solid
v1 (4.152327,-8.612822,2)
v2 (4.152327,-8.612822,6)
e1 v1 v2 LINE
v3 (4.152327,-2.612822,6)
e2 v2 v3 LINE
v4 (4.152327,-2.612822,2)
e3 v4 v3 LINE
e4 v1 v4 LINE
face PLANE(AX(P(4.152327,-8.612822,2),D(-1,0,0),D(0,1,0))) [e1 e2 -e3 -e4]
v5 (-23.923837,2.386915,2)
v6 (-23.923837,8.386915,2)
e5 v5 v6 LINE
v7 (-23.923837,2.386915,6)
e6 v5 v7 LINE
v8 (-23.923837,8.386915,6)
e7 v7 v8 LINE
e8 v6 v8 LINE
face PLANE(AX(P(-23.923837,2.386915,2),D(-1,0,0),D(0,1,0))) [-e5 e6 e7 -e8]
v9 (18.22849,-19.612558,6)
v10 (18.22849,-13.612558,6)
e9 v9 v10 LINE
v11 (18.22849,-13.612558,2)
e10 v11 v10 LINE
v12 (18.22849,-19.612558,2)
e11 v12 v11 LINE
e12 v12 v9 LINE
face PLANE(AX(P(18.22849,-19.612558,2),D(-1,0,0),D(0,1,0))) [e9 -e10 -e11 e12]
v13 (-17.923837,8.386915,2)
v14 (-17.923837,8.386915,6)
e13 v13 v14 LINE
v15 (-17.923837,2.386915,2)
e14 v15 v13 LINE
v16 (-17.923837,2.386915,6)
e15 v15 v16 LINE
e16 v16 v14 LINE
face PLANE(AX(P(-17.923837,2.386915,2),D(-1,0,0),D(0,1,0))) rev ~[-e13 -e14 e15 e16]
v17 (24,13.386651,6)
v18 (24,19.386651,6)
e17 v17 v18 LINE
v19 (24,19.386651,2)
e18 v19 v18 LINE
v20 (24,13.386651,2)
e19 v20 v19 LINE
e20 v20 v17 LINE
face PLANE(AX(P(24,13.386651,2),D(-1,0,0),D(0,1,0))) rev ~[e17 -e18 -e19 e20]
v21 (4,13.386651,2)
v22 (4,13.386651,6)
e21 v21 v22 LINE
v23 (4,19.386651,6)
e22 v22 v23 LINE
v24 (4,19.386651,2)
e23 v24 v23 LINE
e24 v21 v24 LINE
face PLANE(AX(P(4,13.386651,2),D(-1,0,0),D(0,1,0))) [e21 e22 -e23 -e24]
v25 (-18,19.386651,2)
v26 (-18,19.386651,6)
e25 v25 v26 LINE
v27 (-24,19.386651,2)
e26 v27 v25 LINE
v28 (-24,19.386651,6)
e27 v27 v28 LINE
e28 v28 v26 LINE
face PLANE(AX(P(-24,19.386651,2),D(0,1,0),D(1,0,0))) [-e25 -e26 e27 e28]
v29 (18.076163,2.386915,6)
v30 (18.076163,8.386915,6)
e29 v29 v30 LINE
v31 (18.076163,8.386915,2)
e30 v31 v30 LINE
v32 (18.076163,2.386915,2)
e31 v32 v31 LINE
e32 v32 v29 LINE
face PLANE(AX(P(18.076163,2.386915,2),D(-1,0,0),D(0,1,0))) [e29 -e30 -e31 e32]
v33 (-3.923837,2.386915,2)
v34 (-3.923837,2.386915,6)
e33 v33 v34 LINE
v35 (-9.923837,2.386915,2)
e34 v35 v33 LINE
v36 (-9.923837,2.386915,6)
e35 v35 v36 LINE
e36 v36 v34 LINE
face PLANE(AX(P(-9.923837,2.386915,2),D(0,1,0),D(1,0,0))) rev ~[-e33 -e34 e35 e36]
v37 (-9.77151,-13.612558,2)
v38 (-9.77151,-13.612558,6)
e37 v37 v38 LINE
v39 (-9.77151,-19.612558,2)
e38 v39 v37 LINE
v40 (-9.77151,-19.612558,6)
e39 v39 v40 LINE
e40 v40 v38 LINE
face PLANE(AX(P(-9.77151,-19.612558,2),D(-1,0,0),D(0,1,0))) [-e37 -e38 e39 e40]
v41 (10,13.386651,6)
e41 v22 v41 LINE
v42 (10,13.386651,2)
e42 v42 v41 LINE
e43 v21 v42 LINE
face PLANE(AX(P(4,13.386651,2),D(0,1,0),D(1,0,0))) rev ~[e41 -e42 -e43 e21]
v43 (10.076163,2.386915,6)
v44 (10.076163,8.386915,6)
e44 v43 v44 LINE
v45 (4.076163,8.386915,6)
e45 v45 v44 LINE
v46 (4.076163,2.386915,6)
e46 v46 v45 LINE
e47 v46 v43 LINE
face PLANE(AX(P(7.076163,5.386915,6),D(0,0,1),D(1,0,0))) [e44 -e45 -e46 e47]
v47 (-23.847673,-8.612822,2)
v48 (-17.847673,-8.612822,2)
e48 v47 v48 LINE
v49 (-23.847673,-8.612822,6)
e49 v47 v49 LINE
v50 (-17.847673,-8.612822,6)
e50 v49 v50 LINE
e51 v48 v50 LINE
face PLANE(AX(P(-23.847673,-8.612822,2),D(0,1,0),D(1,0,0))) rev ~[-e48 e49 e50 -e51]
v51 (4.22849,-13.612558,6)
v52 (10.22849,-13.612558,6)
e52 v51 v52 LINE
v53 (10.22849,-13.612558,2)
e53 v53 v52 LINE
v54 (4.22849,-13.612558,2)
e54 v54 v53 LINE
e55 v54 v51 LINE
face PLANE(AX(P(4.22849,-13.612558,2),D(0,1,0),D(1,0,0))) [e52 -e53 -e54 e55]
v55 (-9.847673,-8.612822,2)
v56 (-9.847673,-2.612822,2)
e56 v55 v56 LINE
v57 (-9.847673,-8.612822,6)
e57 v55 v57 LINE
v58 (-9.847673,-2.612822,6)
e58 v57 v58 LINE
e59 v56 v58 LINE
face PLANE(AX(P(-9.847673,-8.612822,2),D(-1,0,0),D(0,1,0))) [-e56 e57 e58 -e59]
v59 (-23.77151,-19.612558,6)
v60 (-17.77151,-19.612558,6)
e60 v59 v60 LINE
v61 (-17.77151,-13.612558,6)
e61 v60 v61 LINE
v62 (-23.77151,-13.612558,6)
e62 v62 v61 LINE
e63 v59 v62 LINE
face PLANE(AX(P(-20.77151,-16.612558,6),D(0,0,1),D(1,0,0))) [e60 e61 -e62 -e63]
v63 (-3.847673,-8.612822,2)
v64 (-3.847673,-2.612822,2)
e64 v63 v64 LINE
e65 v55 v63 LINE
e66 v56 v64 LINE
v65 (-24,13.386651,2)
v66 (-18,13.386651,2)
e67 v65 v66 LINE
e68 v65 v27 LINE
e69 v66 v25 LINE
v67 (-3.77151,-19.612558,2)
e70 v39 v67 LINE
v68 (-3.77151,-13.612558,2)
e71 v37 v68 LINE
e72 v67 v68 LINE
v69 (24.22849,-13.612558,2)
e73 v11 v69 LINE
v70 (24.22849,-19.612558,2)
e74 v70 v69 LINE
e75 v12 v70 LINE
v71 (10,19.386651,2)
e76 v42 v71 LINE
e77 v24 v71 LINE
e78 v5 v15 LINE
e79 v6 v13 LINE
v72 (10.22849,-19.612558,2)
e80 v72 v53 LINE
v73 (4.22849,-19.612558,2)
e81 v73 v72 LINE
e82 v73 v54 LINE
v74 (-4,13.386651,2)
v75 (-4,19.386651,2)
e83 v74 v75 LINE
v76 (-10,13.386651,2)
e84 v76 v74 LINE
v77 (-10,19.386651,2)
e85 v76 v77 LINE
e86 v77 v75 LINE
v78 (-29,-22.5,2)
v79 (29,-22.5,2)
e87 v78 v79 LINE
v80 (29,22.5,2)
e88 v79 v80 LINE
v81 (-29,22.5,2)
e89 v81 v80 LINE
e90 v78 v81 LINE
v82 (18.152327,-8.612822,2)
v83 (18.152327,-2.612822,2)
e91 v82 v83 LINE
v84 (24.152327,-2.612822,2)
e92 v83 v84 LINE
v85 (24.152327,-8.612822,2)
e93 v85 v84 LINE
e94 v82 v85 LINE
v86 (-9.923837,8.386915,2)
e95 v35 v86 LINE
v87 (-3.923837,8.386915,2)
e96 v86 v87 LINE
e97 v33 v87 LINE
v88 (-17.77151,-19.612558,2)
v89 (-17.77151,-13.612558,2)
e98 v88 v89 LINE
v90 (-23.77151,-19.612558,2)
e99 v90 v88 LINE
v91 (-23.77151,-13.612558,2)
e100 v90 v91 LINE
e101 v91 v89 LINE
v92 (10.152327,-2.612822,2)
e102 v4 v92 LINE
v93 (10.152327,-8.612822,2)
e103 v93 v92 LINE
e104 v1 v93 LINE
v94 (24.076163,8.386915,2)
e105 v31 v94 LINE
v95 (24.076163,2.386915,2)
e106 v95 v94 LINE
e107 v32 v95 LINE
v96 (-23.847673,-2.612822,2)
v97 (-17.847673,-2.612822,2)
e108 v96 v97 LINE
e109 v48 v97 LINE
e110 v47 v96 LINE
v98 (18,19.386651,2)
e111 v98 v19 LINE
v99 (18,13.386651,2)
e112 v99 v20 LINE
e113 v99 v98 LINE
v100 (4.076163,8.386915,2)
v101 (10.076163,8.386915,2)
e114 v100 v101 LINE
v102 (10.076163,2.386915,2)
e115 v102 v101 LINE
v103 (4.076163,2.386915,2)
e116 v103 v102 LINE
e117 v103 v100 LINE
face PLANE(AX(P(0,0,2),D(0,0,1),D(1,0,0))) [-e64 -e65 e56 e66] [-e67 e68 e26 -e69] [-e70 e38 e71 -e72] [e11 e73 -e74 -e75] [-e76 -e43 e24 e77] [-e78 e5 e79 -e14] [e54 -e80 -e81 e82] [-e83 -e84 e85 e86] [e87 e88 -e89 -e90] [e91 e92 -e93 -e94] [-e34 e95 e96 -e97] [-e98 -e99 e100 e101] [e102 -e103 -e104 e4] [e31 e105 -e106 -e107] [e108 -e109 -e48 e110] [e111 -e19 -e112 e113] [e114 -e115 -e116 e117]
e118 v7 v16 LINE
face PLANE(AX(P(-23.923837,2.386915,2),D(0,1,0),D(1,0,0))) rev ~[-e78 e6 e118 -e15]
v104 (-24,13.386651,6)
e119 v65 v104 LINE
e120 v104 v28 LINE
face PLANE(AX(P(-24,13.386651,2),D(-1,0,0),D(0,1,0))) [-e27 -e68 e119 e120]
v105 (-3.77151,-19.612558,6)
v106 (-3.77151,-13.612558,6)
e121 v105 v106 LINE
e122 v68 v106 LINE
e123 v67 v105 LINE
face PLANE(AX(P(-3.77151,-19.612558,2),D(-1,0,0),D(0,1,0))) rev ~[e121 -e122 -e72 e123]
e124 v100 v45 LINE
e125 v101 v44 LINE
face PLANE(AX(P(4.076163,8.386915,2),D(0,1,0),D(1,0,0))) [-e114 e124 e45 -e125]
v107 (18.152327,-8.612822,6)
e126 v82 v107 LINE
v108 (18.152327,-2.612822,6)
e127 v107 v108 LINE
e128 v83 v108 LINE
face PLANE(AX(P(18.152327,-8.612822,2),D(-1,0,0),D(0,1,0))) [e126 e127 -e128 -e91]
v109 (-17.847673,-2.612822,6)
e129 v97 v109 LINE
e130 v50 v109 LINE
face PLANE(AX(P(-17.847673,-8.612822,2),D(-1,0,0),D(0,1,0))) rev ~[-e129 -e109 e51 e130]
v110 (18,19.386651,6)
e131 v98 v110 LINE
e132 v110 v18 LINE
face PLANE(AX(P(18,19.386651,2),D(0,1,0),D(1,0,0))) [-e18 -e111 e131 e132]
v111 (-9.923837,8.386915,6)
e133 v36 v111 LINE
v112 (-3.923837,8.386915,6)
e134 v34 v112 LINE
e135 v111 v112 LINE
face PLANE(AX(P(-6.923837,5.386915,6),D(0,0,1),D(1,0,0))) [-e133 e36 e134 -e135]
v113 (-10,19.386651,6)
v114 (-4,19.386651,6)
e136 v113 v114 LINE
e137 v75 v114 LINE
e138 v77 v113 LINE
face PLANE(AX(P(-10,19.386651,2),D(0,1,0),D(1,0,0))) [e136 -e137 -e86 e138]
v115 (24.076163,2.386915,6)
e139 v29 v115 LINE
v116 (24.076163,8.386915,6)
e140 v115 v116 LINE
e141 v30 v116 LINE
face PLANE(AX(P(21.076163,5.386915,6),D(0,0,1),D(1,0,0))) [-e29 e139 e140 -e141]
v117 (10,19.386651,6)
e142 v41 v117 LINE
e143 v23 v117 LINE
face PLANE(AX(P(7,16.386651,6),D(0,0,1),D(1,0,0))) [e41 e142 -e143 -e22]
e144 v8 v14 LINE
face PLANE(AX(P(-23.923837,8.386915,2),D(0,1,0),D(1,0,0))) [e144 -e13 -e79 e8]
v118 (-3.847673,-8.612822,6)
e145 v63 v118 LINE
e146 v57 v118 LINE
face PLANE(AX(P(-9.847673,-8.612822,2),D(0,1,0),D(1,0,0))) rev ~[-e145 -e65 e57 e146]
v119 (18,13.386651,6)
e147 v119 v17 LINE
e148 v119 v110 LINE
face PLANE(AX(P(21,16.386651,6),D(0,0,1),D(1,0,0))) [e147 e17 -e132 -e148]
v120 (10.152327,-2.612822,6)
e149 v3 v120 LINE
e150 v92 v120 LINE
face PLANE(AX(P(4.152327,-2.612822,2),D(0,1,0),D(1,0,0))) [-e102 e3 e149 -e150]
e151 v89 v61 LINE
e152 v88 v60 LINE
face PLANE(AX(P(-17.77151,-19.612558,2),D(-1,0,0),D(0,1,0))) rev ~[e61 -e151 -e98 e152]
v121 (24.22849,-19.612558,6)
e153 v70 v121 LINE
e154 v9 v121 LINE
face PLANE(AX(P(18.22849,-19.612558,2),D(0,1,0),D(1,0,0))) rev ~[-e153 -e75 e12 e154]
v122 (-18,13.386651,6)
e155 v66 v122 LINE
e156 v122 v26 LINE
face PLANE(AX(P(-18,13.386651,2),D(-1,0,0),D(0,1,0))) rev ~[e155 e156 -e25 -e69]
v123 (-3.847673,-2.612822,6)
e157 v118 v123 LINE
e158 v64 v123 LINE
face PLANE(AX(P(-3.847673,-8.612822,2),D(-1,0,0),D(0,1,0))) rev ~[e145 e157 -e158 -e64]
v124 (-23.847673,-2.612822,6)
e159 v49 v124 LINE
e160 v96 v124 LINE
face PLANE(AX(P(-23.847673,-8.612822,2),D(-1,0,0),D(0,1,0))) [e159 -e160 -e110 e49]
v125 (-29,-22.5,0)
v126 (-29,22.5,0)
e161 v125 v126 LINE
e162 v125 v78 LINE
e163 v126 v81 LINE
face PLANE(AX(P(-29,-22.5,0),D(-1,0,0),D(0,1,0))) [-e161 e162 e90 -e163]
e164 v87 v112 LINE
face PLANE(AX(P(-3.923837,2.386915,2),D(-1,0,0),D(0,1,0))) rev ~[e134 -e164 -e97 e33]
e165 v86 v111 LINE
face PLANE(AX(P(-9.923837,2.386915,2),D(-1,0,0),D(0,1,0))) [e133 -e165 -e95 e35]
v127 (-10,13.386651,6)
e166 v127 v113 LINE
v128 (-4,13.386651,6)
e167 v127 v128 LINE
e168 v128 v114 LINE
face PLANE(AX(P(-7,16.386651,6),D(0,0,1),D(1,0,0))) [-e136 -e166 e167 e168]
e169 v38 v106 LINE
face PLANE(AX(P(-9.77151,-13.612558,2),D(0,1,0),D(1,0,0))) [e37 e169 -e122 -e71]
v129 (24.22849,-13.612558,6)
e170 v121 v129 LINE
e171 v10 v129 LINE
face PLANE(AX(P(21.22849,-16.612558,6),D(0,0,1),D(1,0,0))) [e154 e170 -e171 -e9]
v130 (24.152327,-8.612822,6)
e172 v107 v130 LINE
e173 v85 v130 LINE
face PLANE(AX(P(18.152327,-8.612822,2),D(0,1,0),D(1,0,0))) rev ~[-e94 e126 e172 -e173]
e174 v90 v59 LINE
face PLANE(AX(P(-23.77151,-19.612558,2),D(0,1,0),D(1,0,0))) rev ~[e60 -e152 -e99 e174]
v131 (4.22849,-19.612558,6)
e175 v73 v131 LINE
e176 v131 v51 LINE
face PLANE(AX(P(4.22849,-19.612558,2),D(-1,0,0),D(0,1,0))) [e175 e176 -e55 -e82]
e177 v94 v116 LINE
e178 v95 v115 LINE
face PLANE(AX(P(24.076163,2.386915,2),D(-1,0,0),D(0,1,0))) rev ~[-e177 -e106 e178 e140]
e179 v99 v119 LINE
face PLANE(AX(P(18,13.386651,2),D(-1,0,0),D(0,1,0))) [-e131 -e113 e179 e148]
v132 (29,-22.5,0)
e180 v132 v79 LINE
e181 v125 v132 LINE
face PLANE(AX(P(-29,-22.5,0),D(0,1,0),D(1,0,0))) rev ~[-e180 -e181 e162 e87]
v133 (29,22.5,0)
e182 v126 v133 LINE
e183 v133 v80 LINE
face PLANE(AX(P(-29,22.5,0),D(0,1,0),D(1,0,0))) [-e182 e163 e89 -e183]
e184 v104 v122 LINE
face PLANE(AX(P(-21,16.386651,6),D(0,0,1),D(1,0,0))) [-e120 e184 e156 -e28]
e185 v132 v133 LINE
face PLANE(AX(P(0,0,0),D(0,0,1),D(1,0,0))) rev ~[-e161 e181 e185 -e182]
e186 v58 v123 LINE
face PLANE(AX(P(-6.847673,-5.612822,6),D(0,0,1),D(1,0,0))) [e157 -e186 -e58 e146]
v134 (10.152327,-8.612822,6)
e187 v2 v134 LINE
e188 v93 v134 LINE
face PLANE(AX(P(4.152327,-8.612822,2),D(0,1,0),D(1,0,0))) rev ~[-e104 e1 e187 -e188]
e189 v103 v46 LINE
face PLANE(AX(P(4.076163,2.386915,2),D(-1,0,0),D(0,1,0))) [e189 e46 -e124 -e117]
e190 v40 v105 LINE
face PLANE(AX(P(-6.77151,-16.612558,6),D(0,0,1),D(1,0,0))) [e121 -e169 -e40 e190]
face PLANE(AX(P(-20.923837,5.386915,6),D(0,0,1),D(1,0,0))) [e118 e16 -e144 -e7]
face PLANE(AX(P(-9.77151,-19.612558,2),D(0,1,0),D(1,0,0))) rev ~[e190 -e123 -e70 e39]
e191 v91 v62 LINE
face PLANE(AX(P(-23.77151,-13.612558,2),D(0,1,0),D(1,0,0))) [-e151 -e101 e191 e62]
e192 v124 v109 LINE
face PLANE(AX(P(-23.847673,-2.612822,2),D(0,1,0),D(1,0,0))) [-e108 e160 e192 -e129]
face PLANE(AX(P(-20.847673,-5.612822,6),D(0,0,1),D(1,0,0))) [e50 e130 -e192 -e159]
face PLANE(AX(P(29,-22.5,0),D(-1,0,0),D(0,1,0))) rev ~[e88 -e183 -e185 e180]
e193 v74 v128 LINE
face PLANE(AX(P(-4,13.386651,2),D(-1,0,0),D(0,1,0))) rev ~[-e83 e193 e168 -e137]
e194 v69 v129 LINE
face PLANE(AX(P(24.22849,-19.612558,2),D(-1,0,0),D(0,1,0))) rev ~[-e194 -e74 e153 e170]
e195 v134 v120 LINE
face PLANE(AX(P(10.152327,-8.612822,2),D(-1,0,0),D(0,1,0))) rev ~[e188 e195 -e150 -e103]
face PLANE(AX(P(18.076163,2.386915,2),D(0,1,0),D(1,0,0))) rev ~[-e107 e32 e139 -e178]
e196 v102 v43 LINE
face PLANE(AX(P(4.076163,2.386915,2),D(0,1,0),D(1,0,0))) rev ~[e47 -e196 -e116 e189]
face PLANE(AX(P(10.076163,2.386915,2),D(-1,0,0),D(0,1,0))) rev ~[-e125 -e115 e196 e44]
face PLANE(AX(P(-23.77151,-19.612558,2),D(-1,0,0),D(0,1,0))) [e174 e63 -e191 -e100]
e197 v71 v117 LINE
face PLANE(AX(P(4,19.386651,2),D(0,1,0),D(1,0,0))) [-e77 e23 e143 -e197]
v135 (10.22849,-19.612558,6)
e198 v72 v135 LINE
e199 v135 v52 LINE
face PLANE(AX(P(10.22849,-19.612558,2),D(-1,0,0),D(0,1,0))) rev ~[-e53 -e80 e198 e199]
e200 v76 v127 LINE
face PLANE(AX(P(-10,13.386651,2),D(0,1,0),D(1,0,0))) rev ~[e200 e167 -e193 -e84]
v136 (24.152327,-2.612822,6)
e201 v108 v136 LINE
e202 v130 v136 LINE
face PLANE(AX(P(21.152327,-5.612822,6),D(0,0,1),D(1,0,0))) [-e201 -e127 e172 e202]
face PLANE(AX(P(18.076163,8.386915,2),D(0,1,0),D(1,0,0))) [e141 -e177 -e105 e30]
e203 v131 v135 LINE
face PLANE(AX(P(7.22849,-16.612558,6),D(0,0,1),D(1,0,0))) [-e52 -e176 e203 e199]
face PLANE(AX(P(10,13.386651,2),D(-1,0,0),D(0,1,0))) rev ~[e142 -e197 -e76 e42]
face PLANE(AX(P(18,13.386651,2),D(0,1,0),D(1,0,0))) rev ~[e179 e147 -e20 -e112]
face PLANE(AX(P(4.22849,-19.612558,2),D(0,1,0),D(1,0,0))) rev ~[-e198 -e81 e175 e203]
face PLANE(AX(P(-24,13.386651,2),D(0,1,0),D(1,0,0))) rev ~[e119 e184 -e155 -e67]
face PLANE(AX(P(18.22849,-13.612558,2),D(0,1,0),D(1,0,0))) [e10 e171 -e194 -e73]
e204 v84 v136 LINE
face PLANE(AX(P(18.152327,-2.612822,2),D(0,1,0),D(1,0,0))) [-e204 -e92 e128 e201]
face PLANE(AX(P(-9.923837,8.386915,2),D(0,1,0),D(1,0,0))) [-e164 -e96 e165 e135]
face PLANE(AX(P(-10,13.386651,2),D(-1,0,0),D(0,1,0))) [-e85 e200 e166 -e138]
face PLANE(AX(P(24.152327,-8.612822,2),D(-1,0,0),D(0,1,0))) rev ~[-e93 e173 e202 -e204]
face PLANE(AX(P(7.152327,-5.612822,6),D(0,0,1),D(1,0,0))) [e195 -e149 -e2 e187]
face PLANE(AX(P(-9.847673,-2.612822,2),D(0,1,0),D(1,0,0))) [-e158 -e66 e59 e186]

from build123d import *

# Parameters (mm, degrees)
F0_W     = 58
F0_H     = 45
F1_DEPTH = 2
F2_W     = 6
F2_H     = 6
F3_DEPTH = 4


with BuildPart() as f1:
    # F0 (on Top) → F1 (new body)
    with BuildSketch(Plane.XY):
        Rectangle(F0_W, F0_H)
    extrude(amount=F1_DEPTH)

    # F2 (on face) → F3 (join)
    with BuildSketch(Plane.XY.offset(2)):
        with Locations((-21, 16.386651)):
            Rectangle(F2_W, F2_H)
        with Locations((-7, 16.386651)):
            Rectangle(F2_W, F2_H)
        with Locations((7, 16.386651)):
            Rectangle(F2_W, F2_H)
        with Locations((21, 16.386651)):
            Rectangle(F2_W, F2_H)
        with Locations((-20.923837, 5.386915)):
            Rectangle(F2_W, F2_H)
        with Locations((-6.923837, 5.386915)):
            Rectangle(F2_W, F2_H)
        with Locations((7.076163, 5.386915)):
            Rectangle(F2_W, F2_H)
        with Locations((21.076163, 5.386915)):
            Rectangle(F2_W, F2_H)
        with Locations((-20.847673, -5.612822)):
            Rectangle(F2_W, F2_H)
        with Locations((-6.847673, -5.612822)):
            Rectangle(F2_W, F2_H)
        with Locations((7.152327, -5.612822)):
            Rectangle(F2_W, F2_H)
        with Locations((21.152327, -5.612822)):
            Rectangle(F2_W, F2_H)
        with Locations((-20.77151, -16.612558)):
            Rectangle(F2_W, F2_H)
        with Locations((-6.77151, -16.612558)):
            Rectangle(F2_W, F2_H)
        with Locations((7.22849, -16.612558)):
            Rectangle(F2_W, F2_H)
        with Locations((21.22849, -16.612558)):
            Rectangle(F2_W, F2_H)
    extrude(amount=F3_DEPTH)


solid = f1.part
